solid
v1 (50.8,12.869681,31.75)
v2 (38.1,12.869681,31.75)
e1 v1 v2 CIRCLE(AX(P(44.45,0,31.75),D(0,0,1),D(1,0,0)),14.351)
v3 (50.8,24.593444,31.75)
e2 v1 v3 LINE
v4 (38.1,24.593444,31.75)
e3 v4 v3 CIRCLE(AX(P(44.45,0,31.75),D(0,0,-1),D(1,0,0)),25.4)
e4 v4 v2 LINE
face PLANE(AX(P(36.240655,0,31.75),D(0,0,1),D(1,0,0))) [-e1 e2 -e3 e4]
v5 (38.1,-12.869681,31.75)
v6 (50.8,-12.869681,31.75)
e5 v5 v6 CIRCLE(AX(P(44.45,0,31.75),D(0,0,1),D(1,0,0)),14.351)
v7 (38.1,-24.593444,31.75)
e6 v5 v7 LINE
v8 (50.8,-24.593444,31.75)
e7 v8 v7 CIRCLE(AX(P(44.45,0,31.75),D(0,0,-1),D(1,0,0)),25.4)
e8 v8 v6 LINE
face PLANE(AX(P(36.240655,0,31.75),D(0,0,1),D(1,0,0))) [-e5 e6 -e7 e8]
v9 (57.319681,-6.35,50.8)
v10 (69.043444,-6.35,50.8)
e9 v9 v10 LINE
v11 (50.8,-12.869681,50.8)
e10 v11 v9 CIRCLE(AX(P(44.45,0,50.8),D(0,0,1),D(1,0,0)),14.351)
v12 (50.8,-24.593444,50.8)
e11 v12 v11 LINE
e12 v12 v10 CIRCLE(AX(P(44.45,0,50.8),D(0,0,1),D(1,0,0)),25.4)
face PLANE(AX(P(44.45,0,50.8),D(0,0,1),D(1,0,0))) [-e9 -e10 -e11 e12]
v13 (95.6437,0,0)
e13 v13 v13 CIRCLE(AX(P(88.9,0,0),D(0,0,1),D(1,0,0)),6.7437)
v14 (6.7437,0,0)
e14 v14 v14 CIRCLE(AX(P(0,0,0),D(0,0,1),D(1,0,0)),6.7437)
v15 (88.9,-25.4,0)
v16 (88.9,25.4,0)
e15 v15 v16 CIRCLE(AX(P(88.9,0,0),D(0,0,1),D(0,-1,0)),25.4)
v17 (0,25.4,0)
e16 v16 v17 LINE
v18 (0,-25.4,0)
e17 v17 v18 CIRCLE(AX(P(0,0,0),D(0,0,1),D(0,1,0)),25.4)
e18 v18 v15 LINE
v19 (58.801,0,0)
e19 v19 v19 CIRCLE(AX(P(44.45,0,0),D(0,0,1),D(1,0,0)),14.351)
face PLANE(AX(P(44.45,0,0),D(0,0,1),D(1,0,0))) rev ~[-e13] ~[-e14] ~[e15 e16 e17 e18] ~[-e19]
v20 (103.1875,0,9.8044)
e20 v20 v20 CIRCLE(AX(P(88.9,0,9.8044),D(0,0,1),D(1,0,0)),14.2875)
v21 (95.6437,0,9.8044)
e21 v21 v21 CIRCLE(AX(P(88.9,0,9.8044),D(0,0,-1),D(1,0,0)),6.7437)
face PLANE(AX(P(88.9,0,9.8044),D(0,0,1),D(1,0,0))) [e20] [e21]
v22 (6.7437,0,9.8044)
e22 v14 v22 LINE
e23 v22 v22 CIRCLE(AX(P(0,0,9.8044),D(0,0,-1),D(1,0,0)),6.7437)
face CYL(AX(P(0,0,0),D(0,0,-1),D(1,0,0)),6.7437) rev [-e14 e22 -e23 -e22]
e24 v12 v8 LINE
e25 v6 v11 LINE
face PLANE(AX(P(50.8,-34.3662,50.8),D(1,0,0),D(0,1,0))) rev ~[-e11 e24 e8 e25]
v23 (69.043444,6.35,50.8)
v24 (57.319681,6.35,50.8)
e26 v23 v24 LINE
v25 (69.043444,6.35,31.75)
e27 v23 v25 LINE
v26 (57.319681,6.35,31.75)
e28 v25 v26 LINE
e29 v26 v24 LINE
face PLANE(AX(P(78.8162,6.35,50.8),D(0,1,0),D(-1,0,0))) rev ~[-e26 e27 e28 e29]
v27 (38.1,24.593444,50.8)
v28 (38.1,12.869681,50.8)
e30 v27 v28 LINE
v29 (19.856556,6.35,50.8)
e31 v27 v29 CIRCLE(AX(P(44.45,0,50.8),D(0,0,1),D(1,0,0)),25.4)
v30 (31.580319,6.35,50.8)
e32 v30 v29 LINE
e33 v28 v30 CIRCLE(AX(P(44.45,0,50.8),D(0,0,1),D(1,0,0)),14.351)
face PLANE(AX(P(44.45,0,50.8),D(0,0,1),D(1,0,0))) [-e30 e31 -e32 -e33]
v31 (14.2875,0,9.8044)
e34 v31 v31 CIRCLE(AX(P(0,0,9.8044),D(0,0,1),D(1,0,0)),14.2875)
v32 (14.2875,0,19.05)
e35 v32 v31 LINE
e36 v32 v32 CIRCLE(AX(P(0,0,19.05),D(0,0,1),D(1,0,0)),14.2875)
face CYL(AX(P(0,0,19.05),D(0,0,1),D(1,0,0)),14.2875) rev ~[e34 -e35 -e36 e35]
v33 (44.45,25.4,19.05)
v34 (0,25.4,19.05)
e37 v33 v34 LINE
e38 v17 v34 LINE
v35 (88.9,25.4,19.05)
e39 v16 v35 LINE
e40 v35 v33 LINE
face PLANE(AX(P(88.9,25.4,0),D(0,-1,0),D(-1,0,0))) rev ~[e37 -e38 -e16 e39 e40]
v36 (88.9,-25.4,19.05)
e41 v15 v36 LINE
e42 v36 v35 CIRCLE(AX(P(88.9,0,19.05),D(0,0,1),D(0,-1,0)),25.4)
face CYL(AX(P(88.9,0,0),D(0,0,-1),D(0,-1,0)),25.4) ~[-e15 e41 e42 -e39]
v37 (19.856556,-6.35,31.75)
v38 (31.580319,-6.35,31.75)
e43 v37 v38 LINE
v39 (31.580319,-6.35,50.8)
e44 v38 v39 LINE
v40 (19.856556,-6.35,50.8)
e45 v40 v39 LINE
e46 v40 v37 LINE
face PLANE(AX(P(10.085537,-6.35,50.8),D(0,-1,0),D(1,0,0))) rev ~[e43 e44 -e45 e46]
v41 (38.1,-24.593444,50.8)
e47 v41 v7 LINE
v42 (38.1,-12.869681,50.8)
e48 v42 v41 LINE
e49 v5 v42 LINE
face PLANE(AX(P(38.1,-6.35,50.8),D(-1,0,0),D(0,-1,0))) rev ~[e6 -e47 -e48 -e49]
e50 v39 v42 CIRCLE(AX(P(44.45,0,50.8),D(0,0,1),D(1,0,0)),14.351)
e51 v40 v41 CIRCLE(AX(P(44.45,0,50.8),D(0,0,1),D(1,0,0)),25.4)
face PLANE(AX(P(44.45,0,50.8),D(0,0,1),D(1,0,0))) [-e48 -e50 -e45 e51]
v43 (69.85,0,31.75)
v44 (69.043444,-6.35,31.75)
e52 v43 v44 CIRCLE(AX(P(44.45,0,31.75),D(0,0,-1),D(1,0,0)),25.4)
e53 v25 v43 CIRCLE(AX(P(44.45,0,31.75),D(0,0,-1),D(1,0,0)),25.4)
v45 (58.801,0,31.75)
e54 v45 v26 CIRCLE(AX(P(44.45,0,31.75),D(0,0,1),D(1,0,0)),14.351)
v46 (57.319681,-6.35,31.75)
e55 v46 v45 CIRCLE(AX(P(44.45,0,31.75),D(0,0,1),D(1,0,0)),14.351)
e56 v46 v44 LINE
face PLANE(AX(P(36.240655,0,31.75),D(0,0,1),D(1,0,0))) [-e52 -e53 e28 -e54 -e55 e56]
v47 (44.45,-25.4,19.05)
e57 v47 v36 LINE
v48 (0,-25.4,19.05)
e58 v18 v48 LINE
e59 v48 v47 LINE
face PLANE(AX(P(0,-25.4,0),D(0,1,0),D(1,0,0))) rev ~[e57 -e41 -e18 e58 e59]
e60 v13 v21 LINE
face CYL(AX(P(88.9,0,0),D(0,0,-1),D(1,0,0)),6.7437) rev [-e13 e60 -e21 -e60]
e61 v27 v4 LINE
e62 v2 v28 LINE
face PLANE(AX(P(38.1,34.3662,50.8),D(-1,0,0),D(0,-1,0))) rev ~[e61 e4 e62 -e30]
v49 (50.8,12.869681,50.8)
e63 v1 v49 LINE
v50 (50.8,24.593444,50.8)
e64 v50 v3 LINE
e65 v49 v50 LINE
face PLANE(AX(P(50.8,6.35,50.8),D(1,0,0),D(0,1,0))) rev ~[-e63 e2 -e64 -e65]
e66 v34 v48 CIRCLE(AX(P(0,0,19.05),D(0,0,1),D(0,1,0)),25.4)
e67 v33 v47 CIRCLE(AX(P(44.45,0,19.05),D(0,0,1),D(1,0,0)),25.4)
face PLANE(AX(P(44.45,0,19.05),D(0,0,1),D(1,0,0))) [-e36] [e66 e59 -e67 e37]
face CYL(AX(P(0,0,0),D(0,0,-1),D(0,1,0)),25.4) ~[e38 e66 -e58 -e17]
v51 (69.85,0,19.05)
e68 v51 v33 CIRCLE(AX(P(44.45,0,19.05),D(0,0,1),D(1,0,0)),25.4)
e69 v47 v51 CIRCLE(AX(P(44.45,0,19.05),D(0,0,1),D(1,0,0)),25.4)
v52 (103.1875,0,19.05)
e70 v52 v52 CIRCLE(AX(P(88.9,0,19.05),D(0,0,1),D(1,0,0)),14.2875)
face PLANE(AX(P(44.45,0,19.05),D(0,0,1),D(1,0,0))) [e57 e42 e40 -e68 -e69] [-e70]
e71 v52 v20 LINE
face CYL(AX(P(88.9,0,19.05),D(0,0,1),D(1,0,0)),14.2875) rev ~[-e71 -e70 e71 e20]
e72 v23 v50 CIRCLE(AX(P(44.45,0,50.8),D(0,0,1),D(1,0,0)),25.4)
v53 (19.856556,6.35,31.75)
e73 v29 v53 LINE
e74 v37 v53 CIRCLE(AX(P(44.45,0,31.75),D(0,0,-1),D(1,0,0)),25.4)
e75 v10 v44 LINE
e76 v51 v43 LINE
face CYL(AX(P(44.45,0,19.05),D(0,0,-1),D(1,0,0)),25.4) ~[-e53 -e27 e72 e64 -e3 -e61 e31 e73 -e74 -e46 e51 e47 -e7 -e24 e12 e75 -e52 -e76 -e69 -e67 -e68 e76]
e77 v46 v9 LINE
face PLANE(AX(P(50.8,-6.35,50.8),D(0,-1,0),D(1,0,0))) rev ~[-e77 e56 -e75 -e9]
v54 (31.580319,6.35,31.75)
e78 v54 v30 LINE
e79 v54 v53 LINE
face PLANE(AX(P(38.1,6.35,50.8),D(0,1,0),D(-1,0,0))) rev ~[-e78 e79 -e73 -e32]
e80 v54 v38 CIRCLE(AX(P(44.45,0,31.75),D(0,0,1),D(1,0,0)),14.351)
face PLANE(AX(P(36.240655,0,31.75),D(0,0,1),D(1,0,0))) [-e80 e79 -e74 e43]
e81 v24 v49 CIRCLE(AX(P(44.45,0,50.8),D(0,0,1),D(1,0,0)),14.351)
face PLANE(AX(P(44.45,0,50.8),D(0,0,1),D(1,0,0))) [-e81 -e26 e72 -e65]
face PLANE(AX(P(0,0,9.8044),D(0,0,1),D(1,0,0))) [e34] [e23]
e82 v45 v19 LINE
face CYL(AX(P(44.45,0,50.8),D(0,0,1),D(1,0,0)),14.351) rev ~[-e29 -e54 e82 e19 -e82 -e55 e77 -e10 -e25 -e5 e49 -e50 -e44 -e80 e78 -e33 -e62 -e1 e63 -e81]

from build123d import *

# Parameters (mm, degrees)
F0_R     = 6.7437
F1_DEPTH = 19.05
F2_R     = 14.2875
F3_DEPTH = 9.2456
F4_R     = 25.4
F5_DEPTH = 31.75
F6_R     = 14.351
F7_DEPTH = 50.801
F9_DEPTH = 19.05


with BuildPart() as f1:
    # F0 (on Top) → F1 (new body)
    with BuildSketch(Plane.XY):
        with BuildLine():
            Line((88.9, 25.4), (0, 25.4))
            ThreePointArc((0, 25.4), (-25.4, 0), (0, -25.4))
            Line((0, -25.4), (88.9, -25.4))
            ThreePointArc((88.9, -25.4), (114.3, 0), (88.9, 25.4))
        make_face()
        Circle(F0_R, mode=Mode.SUBTRACT)
        with Locations((88.9, 0)):
            Circle(F0_R, mode=Mode.SUBTRACT)
    extrude(amount=F1_DEPTH)

    # F2 (on face) → F3 (cut)
    with BuildSketch(Plane.XY.offset(19.05)):
        Circle(F2_R)
        with Locations((88.9, 0)):
            Circle(F2_R)
    extrude(amount=-F3_DEPTH, mode=Mode.SUBTRACT)

    # F4 (on face) → F5 (join)
    with BuildSketch(Plane.XY.offset(19.05)):
        with Locations((44.45, 0)):
            Circle(F4_R)
    extrude(amount=F5_DEPTH)

    # F6 (on face) → F7 (cut, through all)
    with BuildSketch(Plane.XY.offset(50.8)):
        with Locations((44.45, 0)):
            Circle(F6_R)
    extrude(amount=-F7_DEPTH, mode=Mode.SUBTRACT)

    # F8 (on face) → F9 (cut)
    with BuildSketch(Plane.XY.offset(50.8)):
        Polygon((47.625, 34.3662), (44.45, 34.3662), (38.1, 34.3662), (38.1, 6.35), (10.085537, 6.35), (10.085537, 0), (10.085537, -6.35), (38.1, -6.35), (38.1, -34.3662), (44.45, -34.3662), (47.625, -34.3662), align=None)
        Polygon((50.8, 34.3662), (47.625, 34.3662), (47.625, -34.3662), (50.8, -34.3662), (50.8, -6.35), (78.8162, -6.35), (78.8162, 0), (78.8162, 6.35), (50.8, 6.35), align=None)
    extrude(amount=-F9_DEPTH, mode=Mode.SUBTRACT)


solid = f1.part
